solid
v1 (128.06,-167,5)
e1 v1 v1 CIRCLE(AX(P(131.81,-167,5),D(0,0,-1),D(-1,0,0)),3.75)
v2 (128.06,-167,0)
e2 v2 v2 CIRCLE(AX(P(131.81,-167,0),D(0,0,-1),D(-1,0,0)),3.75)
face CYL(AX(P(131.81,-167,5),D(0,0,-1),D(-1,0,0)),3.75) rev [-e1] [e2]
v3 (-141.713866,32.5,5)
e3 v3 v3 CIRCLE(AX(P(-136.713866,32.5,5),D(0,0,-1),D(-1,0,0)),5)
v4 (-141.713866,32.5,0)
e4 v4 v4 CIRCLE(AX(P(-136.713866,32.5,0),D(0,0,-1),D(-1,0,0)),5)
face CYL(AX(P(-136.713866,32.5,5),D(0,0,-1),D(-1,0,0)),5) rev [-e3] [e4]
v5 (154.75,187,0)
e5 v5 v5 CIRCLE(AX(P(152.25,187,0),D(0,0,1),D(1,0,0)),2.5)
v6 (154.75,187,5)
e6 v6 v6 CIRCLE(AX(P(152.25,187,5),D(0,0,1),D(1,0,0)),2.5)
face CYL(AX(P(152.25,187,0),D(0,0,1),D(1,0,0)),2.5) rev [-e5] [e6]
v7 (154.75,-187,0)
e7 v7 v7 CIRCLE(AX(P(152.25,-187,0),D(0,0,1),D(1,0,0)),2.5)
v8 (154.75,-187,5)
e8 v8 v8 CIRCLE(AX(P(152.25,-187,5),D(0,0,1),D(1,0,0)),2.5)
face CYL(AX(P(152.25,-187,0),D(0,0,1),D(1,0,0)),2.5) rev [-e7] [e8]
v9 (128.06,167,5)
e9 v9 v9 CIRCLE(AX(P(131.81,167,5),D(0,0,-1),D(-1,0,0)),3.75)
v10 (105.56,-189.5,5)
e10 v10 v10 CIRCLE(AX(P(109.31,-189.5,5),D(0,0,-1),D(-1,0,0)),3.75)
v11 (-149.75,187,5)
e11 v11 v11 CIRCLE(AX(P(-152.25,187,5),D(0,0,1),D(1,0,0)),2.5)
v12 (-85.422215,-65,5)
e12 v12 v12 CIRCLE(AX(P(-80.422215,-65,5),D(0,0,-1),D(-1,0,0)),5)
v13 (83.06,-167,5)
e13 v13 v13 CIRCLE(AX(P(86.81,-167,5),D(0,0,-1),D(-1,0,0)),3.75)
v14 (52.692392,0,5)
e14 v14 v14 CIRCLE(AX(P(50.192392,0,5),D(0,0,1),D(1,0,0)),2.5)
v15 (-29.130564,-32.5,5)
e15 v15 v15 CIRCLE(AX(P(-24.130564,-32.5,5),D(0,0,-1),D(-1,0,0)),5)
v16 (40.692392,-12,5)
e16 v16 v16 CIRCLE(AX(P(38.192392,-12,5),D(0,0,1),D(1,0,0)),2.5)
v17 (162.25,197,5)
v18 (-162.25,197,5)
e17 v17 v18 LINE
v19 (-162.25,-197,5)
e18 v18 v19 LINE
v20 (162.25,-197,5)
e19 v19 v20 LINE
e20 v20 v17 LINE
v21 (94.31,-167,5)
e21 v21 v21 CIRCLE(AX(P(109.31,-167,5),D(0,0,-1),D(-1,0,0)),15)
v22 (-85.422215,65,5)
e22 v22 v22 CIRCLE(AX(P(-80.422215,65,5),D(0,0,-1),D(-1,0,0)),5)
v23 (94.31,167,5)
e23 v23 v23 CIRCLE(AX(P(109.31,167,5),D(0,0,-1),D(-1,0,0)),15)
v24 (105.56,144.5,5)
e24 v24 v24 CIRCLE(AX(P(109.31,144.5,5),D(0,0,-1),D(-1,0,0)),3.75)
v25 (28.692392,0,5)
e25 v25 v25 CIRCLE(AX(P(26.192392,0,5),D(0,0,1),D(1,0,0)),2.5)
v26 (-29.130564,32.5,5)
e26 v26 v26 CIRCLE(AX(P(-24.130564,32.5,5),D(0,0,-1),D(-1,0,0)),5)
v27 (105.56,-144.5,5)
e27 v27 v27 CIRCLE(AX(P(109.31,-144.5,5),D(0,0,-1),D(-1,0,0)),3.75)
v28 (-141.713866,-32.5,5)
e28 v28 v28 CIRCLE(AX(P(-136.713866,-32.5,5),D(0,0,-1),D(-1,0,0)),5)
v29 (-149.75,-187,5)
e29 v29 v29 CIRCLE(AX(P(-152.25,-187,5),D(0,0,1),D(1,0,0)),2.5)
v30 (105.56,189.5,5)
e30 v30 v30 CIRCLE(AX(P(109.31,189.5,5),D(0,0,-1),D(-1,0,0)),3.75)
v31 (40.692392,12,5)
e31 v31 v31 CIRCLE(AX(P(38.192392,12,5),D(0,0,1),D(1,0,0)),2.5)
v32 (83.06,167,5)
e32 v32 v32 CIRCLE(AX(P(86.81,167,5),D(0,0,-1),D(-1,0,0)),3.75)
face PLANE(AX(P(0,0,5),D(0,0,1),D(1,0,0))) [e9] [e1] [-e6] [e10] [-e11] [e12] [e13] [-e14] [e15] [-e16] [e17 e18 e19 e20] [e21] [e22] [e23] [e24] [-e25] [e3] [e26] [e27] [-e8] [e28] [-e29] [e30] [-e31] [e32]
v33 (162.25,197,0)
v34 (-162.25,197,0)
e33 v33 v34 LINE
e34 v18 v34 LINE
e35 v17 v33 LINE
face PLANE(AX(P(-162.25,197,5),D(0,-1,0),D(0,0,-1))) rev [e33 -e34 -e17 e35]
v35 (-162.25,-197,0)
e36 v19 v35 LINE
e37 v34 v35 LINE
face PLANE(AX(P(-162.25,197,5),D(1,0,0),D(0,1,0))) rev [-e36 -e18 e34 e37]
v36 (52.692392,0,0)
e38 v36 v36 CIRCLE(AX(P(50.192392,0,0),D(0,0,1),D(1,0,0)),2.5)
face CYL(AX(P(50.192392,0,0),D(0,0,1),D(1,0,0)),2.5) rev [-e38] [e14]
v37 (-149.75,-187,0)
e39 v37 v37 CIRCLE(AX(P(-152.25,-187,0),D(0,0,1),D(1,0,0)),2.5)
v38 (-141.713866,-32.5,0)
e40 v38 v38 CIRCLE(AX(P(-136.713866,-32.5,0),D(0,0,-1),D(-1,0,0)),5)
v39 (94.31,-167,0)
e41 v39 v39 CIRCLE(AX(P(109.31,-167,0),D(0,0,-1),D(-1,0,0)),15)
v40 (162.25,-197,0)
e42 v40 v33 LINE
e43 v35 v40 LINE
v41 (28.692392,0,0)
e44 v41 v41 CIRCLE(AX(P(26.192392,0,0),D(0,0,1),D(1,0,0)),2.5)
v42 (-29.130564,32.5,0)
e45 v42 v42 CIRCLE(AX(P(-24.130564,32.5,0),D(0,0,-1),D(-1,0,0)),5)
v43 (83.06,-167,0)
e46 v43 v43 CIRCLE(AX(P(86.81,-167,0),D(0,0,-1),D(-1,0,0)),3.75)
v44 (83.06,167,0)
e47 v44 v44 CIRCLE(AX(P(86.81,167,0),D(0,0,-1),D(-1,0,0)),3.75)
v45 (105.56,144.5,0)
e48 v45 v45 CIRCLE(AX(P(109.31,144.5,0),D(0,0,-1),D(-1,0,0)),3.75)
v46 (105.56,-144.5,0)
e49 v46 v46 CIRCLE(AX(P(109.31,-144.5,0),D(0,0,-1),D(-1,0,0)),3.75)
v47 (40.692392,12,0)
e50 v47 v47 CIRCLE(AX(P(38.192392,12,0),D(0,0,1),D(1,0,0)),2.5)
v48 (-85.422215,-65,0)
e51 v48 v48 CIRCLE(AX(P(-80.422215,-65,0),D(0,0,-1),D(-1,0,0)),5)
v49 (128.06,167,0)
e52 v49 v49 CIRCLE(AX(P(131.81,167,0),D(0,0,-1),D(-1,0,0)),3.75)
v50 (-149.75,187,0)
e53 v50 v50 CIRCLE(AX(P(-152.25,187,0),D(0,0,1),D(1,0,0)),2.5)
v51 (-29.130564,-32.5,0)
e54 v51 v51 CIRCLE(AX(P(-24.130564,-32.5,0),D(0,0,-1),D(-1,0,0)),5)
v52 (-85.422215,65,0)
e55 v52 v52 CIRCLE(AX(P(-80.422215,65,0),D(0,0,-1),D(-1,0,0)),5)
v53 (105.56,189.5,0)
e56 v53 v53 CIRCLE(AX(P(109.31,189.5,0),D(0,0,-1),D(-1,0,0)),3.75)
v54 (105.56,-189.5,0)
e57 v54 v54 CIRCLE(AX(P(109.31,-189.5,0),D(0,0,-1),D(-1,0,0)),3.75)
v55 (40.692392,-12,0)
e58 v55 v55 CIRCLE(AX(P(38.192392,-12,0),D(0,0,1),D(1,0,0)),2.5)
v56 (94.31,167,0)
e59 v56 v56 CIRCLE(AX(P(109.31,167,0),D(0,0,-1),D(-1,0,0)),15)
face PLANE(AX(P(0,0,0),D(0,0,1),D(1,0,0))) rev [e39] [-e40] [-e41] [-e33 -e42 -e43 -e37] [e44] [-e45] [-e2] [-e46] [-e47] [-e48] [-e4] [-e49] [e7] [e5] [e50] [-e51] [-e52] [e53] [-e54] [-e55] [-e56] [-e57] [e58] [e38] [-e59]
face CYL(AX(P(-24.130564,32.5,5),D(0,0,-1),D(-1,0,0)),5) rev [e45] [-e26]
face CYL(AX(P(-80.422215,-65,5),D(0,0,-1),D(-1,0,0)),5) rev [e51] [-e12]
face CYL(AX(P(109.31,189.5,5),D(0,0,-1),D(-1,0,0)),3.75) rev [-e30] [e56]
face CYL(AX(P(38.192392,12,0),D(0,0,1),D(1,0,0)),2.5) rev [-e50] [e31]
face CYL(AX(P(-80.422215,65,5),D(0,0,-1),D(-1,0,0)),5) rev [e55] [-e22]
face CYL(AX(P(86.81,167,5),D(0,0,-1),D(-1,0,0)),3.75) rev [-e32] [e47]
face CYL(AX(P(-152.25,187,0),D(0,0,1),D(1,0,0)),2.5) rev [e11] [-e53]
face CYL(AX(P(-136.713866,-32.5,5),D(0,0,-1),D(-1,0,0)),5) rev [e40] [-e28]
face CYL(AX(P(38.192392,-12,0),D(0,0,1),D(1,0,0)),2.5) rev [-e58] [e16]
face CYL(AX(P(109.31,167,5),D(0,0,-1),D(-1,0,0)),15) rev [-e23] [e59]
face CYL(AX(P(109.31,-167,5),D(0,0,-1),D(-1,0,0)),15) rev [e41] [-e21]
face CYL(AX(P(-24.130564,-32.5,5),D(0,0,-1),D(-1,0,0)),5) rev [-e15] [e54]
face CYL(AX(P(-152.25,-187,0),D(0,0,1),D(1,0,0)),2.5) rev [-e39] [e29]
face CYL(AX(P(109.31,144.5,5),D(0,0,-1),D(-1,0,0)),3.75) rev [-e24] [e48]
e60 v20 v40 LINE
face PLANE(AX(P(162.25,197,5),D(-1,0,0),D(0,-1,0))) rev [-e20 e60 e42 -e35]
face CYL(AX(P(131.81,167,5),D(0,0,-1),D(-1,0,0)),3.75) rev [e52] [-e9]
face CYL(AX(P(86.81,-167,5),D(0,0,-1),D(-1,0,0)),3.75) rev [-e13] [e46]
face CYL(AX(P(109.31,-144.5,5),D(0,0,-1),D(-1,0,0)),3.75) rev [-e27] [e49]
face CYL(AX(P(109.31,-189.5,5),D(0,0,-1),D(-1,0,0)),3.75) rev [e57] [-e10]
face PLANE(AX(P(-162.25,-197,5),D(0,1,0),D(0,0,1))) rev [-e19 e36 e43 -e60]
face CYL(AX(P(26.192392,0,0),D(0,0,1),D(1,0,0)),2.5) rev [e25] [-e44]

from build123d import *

# Parameters (mm, degrees)
SKETCH1_W           = 324.5
SKETCH1_H           = 394
BOSS_EXTRUDE1_DEPTH = 5
SKETCH2_R           = 2.5
CUT_EXTRUDE1_DEPTH  = 256.262732298
SKETCH4_R           = 5
CUT_EXTRUDE3_DEPTH  = 5
SKETCH5_R           = 2.5
CUT_EXTRUDE4_DEPTH  = 5
SKETCH7_R           = 15
SKETCH7_R_2         = 3.75
CUT_EXTRUDE6_DEPTH  = 256.262732298


with BuildPart() as part:
    # Sketch1 → Boss-Extrude1 (new body)
    with BuildSketch(Plane.XY):
        Rectangle(SKETCH1_W, SKETCH1_H)
    extrude(amount=BOSS_EXTRUDE1_DEPTH)

    # Sketch2 → Cut-Extrude1 (cut, through all)
    with BuildSketch(Plane.XY.offset(5)):
        with Locations((152.25, 187)):
            Circle(SKETCH2_R)
        with Locations((-152.25, 187)):
            Circle(SKETCH2_R)
        with Locations((-152.25, -187)):
            Circle(SKETCH2_R)
        with Locations((152.25, -187)):
            Circle(SKETCH2_R)
    extrude(amount=-CUT_EXTRUDE1_DEPTH, mode=Mode.SUBTRACT)

    # Sketch4 → Cut-Extrude3 (cut)
    with BuildSketch(Plane(origin=(0, 0, 0), x_dir=(-1, 0, 0), z_dir=(0, 0, -1))):
        with Locations((80.422215232, 65)):
            Circle(SKETCH4_R)
        with Locations((136.713866478, 32.5)):
            Circle(SKETCH4_R)
        with Locations((136.713866478, -32.5)):
            Circle(SKETCH4_R)
        with Locations((80.422215232, -65)):
            Circle(SKETCH4_R)
        with Locations((24.130563986, -32.5)):
            Circle(SKETCH4_R)
        with Locations((24.130563986, 32.5)):
            Circle(SKETCH4_R)
    extrude(amount=-CUT_EXTRUDE3_DEPTH, mode=Mode.SUBTRACT)

    # Sketch5 → Cut-Extrude4 (cut)
    with BuildSketch(Plane.XY.offset(5)):
        with Locations((38.192392445, 12)):
            Circle(SKETCH5_R)
        with Locations((50.192392445, 0)):
            Circle(SKETCH5_R)
        with Locations((38.192392445, -12)):
            Circle(SKETCH5_R)
        with Locations((26.192392445, 0)):
            Circle(SKETCH5_R)
    extrude(amount=-CUT_EXTRUDE4_DEPTH, mode=Mode.SUBTRACT)

    # Sketch7 → Cut-Extrude6 (cut, through all)
    with BuildSketch(Plane(origin=(0, 0, 0), x_dir=(-1, 0, 0), z_dir=(0, 0, -1))):
        with Locations((-109.31, 167)):
            Circle(SKETCH7_R)
        with Locations((-109.31, -167)):
            Circle(SKETCH7_R)
        with Locations((-109.31, 189.5)):
            Circle(SKETCH7_R_2)
        with Locations((-109.31, -144.5)):
            Circle(SKETCH7_R_2)
        with Locations((-86.81, -167)):
            Circle(SKETCH7_R_2)
        with Locations((-109.31, -189.5)):
            Circle(SKETCH7_R_2)
        with Locations((-131.81, -167)):
            Circle(SKETCH7_R_2)
        with Locations((-86.81, 167)):
            Circle(SKETCH7_R_2)
        with Locations((-109.31, 144.5)):
            Circle(SKETCH7_R_2)
        with Locations((-131.81, 167)):
            Circle(SKETCH7_R_2)
    extrude(amount=-CUT_EXTRUDE6_DEPTH, mode=Mode.SUBTRACT)


solid = part.part
